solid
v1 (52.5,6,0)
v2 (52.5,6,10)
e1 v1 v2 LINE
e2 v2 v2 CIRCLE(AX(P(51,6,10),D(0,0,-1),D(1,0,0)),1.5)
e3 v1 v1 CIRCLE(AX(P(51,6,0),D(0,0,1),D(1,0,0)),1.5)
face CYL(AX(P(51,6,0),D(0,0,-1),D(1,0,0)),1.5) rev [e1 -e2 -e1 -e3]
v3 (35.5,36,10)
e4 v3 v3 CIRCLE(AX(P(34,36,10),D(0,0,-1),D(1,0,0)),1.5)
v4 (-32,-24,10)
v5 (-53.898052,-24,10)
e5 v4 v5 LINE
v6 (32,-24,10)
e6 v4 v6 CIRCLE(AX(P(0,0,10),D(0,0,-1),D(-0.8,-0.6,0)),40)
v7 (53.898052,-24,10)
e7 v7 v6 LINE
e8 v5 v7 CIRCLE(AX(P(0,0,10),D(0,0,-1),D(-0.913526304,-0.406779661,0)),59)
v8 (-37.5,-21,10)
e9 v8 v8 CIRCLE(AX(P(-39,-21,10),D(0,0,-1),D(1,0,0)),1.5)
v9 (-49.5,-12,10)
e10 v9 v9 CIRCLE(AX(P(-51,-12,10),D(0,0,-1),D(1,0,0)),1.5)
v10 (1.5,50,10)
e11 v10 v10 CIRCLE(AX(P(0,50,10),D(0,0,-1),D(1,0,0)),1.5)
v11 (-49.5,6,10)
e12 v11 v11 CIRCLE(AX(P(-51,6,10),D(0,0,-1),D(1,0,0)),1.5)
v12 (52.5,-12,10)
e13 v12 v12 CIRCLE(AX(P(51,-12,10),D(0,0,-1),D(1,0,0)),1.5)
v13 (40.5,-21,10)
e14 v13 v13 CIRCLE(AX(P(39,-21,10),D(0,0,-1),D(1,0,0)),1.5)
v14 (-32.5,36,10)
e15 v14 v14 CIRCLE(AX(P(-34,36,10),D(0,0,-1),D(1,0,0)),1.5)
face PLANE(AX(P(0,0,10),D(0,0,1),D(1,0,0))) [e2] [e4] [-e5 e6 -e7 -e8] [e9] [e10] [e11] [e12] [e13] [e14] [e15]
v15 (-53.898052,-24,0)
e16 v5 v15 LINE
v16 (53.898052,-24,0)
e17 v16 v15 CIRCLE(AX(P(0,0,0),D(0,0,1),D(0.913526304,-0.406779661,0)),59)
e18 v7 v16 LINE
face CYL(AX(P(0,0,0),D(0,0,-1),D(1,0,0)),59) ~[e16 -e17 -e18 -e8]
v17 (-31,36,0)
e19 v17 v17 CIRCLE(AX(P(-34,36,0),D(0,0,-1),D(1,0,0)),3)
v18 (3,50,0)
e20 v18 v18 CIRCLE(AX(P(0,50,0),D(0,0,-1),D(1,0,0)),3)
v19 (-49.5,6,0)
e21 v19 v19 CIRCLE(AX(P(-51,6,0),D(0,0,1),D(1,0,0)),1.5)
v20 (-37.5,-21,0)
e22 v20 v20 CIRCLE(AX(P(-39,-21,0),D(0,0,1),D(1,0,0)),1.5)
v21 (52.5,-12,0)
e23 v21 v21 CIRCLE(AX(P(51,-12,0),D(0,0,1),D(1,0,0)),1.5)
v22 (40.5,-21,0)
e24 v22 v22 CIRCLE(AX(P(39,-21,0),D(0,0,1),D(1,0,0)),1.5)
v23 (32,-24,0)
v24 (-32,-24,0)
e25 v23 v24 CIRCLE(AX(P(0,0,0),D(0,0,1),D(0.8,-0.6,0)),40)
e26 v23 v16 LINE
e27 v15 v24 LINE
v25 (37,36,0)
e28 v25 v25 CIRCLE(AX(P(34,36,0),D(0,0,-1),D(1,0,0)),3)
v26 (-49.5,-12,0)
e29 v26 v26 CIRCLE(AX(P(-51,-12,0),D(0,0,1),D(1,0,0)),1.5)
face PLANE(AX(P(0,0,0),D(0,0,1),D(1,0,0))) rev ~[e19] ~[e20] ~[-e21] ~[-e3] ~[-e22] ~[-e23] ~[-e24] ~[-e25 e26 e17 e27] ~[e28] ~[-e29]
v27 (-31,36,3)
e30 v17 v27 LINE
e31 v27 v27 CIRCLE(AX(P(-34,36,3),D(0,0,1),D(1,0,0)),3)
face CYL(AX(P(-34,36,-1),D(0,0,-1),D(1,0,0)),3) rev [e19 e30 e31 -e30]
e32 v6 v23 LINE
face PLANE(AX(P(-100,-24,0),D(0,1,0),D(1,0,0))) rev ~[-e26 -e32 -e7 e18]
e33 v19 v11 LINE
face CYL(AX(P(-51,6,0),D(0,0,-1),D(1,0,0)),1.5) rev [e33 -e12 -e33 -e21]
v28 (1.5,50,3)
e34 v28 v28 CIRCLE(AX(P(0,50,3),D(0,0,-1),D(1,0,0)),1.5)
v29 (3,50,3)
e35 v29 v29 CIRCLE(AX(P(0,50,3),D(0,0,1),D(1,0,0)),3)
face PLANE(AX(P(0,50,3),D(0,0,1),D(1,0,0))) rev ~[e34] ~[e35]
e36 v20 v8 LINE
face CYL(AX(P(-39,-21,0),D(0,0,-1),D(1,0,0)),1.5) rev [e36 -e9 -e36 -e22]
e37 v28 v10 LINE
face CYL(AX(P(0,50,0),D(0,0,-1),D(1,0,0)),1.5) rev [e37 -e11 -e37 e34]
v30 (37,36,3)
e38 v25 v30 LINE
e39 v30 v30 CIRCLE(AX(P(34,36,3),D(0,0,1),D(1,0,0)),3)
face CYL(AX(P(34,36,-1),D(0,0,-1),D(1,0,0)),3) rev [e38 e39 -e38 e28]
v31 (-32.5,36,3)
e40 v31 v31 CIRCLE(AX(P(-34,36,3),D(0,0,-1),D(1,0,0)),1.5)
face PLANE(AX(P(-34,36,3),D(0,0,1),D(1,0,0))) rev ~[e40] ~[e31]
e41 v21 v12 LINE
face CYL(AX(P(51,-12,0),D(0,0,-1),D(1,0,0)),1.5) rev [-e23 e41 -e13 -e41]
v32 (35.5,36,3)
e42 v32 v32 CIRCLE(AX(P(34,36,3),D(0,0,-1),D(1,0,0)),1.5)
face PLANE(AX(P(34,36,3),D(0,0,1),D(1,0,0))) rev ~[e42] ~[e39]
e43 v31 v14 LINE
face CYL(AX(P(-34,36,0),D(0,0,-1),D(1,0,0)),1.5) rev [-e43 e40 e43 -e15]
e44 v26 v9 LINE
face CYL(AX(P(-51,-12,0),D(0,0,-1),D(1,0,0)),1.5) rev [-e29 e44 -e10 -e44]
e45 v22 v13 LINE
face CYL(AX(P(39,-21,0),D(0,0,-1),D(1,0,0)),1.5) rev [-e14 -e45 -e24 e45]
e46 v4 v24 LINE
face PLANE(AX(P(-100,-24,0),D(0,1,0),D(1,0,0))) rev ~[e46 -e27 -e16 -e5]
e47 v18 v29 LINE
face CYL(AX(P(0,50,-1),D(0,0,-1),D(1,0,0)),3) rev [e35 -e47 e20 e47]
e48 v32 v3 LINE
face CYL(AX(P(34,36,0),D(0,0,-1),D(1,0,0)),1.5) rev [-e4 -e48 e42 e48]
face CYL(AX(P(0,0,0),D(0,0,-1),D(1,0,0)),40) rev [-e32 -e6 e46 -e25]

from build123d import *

# Parameters (mm, degrees)
CYLINDER531_R     = 1.5
CYLINDER531_DEPTH = 100
CYLINDER530_R     = 1.5
CYLINDER530_DEPTH = 100
CYLINDER364_R     = 1.5
CYLINDER364_DEPTH = 50
CYLINDER363_R     = 3
CYLINDER363_DEPTH = 4
BOX135_W          = 200
BOX135_H          = 100
BOX135_DEPTH      = 32
CYLINDER328_R     = 1.5
CYLINDER328_DEPTH = 50
CYLINDER330_R     = 1.5
CYLINDER330_DEPTH = 50
CYLINDER331_R     = 1.5
CYLINDER331_DEPTH = 50
CYLINDER329_R     = 1.5
CYLINDER329_DEPTH = 50
CYLINDER334_R     = 3
CYLINDER334_DEPTH = 4
CYLINDER327_R     = 3
CYLINDER327_DEPTH = 4
CYLINDER292_R     = 1.5
CYLINDER292_DEPTH = 100
CYLINDER291_R     = 1.5
CYLINDER291_DEPTH = 100
CYLINDER316_R     = 3
CYLINDER316_DEPTH = 4
CYLINDER315_R     = 3
CYLINDER315_DEPTH = 4
CYLINDER313_R     = 1.5
CYLINDER313_DEPTH = 50
CYLINDER314_R     = 1.5
CYLINDER314_DEPTH = 50
CYLINDER311_R     = 3
CYLINDER311_DEPTH = 4
CYLINDER312_R     = 3
CYLINDER312_DEPTH = 4
TUBE_R            = 59
TUBE_R_2          = 40
TUBE_DEPTH        = 10


with BuildPart() as v_lec531:
    # Cylinder531 → Cylinder531 (new body)
    with BuildSketch(Plane(origin=(39, -21, 0), x_dir=(1, 0, 0), z_dir=(0, 0, 1))):
        Circle(CYLINDER531_R)
    extrude(amount=CYLINDER531_DEPTH)


with BuildPart() as compound308:
    # Cylinder530 → Cylinder530 (new body)
    with BuildSketch(Plane(origin=(-39, -21, 0), x_dir=(1, 0, 0), z_dir=(0, 0, 1))):
        Circle(CYLINDER530_R)
    extrude(amount=CYLINDER530_DEPTH)

    # Compound308: union Válec531
    add(v_lec531.part)


with BuildPart() as v_lec364:
    # Cylinder364 → Cylinder364 (new body)
    with BuildSketch(Plane(origin=(0, 50, 0), x_dir=(1, 0, 0), z_dir=(0, 0, 1))):
        Circle(CYLINDER364_R)
    extrude(amount=CYLINDER364_DEPTH)


with BuildPart() as v_lec363:
    # Cylinder363 → Cylinder363 (new body)
    with BuildSketch(Plane(origin=(0, 50, -1), x_dir=(1, 0, 0), z_dir=(0, 0, 1))):
        Circle(CYLINDER363_R)
    extrude(amount=CYLINDER363_DEPTH)


with BuildPart() as krychle135:
    # Box135 → Box135 (new body)
    with BuildSketch(Plane(origin=(-100, -124, 0), x_dir=(1, 0, 0), z_dir=(0, 0, 1))):
        with Locations((100, 50)):
            Rectangle(BOX135_W, BOX135_H)
    extrude(amount=BOX135_DEPTH)


with BuildPart() as v_lec328:
    # Cylinder328 → Cylinder328 (new body)
    with BuildSketch(Plane(origin=(-51, 6, 0), x_dir=(1, 0, 0), z_dir=(0, 0, 1))):
        Circle(CYLINDER328_R)
    extrude(amount=CYLINDER328_DEPTH)


with BuildPart() as v_lec330:
    # Cylinder330 → Cylinder330 (new body)
    with BuildSketch(Plane(origin=(-24, 18, 0), x_dir=(1, 0, 0), z_dir=(0, 0, 1))):
        Circle(CYLINDER330_R)
    extrude(amount=CYLINDER330_DEPTH)


with BuildPart() as v_lec331:
    # Cylinder331 → Cylinder331 (new body)
    with BuildSketch(Plane(origin=(24, 18, 0), x_dir=(1, 0, 0), z_dir=(0, 0, 1))):
        Circle(CYLINDER331_R)
    extrude(amount=CYLINDER331_DEPTH)


with BuildPart() as compound297:
    # Cylinder329 → Cylinder329 (new body)
    with BuildSketch(Plane(origin=(51, 6, 0), x_dir=(1, 0, 0), z_dir=(0, 0, 1))):
        Circle(CYLINDER329_R)
    extrude(amount=CYLINDER329_DEPTH)

    # Compound297: union Válec328, Válec330, Válec331
    add(v_lec328.part)
    add(v_lec330.part)
    add(v_lec331.part)


with BuildPart() as v_lec334:
    # Cylinder334 → Cylinder334 (new body)
    with BuildSketch(Plane(origin=(24, 18, 0), x_dir=(1, 0, 0), z_dir=(0, 0, 1))):
        Circle(CYLINDER334_R)
    extrude(amount=CYLINDER334_DEPTH)


with BuildPart() as compound298:
    # Cylinder327 → Cylinder327 (new body)
    with BuildSketch(Plane(origin=(-24, 18, 0), x_dir=(1, 0, 0), z_dir=(0, 0, 1))):
        Circle(CYLINDER327_R)
    extrude(amount=CYLINDER327_DEPTH)

    # Compound298: union Válec334
    add(v_lec334.part)


with BuildPart() as compound298_1:
    # Compound298 placement: moved
    add(compound298.part.moved(Location((0, 0, 7))))


with BuildPart() as v_lec292:
    # Cylinder292 → Cylinder292 (new body)
    with BuildSketch(Plane(origin=(51, -12, 0), x_dir=(1, 0, 0), z_dir=(0, 0, 1))):
        Circle(CYLINDER292_R)
    extrude(amount=CYLINDER292_DEPTH)


with BuildPart() as compound292:
    # Cylinder291 → Cylinder291 (new body)
    with BuildSketch(Plane(origin=(-51, -12, 0), x_dir=(1, 0, 0), z_dir=(0, 0, 1))):
        Circle(CYLINDER291_R)
    extrude(amount=CYLINDER291_DEPTH)

    # Compound292: union Válec292
    add(v_lec292.part)


with BuildPart() as v_lec316:
    # Cylinder316 → Cylinder316 (new body)
    with BuildSketch(Plane(origin=(51, -16, 0), x_dir=(1, 0, 0), z_dir=(0, 0, 1))):
        Circle(CYLINDER316_R)
    extrude(amount=CYLINDER316_DEPTH)


with BuildPart() as compound293:
    # Cylinder315 → Cylinder315 (new body)
    with BuildSketch(Plane(origin=(-51, -16, 0), x_dir=(1, 0, 0), z_dir=(0, 0, 1))):
        Circle(CYLINDER315_R)
    extrude(amount=CYLINDER315_DEPTH)

    # Compound293: union Válec316
    add(v_lec316.part)


with BuildPart() as compound293_1:
    # Compound293 placement: moved
    add(compound293.part.moved(Location((0, 0, 25))))


with BuildPart() as v_lec313:
    # Cylinder313 → Cylinder313 (new body)
    with BuildSketch(Plane(origin=(34, 36, 0), x_dir=(1, 0, 0), z_dir=(0, 0, 1))):
        Circle(CYLINDER313_R)
    extrude(amount=CYLINDER313_DEPTH)


with BuildPart() as compound291:
    # Cylinder314 → Cylinder314 (new body)
    with BuildSketch(Plane(origin=(-34, 36, 0), x_dir=(1, 0, 0), z_dir=(0, 0, 1))):
        Circle(CYLINDER314_R)
    extrude(amount=CYLINDER314_DEPTH)

    # Compound291: union Válec313
    add(v_lec313.part)


with BuildPart() as v_lec311:
    # Cylinder311 → Cylinder311 (new body)
    with BuildSketch(Plane(origin=(-34, 36, -1), x_dir=(1, 0, 0), z_dir=(0, 0, 1))):
        Circle(CYLINDER311_R)
    extrude(amount=CYLINDER311_DEPTH)


with BuildPart() as compound290:
    # Cylinder312 → Cylinder312 (new body)
    with BuildSketch(Plane(origin=(34, 36, -1), x_dir=(1, 0, 0), z_dir=(0, 0, 1))):
        Circle(CYLINDER312_R)
    extrude(amount=CYLINDER312_DEPTH)

    # Compound290: union Válec311
    add(v_lec311.part)


with BuildPart() as cut169:
    # Tube → Tube (new body)
    with BuildSketch(Plane.XY):
        Circle(TUBE_R)
        Circle(TUBE_R_2, mode=Mode.SUBTRACT)
    extrude(amount=TUBE_DEPTH)

    # Cut136: cut Compound290
    add(compound290.part, mode=Mode.SUBTRACT)

    # Cut137: cut Compound291
    add(compound291.part, mode=Mode.SUBTRACT)

    # Cut138: cut Compound293
    add(compound293_1.part, mode=Mode.SUBTRACT)

    # Cut139: cut Compound292
    add(compound292.part, mode=Mode.SUBTRACT)

    # Cut142: cut Compound298
    add(compound298_1.part, mode=Mode.SUBTRACT)

    # Cut143: cut Compound297
    add(compound297.part, mode=Mode.SUBTRACT)

    # Cut144: cut Krychle135
    add(krychle135.part, mode=Mode.SUBTRACT)

    # Cut153: cut Válec363
    add(v_lec363.part, mode=Mode.SUBTRACT)

    # Cut154: cut Válec364
    add(v_lec364.part, mode=Mode.SUBTRACT)

    # Cut169: cut Compound308
    add(compound308.part, mode=Mode.SUBTRACT)


solid = cut169.part
